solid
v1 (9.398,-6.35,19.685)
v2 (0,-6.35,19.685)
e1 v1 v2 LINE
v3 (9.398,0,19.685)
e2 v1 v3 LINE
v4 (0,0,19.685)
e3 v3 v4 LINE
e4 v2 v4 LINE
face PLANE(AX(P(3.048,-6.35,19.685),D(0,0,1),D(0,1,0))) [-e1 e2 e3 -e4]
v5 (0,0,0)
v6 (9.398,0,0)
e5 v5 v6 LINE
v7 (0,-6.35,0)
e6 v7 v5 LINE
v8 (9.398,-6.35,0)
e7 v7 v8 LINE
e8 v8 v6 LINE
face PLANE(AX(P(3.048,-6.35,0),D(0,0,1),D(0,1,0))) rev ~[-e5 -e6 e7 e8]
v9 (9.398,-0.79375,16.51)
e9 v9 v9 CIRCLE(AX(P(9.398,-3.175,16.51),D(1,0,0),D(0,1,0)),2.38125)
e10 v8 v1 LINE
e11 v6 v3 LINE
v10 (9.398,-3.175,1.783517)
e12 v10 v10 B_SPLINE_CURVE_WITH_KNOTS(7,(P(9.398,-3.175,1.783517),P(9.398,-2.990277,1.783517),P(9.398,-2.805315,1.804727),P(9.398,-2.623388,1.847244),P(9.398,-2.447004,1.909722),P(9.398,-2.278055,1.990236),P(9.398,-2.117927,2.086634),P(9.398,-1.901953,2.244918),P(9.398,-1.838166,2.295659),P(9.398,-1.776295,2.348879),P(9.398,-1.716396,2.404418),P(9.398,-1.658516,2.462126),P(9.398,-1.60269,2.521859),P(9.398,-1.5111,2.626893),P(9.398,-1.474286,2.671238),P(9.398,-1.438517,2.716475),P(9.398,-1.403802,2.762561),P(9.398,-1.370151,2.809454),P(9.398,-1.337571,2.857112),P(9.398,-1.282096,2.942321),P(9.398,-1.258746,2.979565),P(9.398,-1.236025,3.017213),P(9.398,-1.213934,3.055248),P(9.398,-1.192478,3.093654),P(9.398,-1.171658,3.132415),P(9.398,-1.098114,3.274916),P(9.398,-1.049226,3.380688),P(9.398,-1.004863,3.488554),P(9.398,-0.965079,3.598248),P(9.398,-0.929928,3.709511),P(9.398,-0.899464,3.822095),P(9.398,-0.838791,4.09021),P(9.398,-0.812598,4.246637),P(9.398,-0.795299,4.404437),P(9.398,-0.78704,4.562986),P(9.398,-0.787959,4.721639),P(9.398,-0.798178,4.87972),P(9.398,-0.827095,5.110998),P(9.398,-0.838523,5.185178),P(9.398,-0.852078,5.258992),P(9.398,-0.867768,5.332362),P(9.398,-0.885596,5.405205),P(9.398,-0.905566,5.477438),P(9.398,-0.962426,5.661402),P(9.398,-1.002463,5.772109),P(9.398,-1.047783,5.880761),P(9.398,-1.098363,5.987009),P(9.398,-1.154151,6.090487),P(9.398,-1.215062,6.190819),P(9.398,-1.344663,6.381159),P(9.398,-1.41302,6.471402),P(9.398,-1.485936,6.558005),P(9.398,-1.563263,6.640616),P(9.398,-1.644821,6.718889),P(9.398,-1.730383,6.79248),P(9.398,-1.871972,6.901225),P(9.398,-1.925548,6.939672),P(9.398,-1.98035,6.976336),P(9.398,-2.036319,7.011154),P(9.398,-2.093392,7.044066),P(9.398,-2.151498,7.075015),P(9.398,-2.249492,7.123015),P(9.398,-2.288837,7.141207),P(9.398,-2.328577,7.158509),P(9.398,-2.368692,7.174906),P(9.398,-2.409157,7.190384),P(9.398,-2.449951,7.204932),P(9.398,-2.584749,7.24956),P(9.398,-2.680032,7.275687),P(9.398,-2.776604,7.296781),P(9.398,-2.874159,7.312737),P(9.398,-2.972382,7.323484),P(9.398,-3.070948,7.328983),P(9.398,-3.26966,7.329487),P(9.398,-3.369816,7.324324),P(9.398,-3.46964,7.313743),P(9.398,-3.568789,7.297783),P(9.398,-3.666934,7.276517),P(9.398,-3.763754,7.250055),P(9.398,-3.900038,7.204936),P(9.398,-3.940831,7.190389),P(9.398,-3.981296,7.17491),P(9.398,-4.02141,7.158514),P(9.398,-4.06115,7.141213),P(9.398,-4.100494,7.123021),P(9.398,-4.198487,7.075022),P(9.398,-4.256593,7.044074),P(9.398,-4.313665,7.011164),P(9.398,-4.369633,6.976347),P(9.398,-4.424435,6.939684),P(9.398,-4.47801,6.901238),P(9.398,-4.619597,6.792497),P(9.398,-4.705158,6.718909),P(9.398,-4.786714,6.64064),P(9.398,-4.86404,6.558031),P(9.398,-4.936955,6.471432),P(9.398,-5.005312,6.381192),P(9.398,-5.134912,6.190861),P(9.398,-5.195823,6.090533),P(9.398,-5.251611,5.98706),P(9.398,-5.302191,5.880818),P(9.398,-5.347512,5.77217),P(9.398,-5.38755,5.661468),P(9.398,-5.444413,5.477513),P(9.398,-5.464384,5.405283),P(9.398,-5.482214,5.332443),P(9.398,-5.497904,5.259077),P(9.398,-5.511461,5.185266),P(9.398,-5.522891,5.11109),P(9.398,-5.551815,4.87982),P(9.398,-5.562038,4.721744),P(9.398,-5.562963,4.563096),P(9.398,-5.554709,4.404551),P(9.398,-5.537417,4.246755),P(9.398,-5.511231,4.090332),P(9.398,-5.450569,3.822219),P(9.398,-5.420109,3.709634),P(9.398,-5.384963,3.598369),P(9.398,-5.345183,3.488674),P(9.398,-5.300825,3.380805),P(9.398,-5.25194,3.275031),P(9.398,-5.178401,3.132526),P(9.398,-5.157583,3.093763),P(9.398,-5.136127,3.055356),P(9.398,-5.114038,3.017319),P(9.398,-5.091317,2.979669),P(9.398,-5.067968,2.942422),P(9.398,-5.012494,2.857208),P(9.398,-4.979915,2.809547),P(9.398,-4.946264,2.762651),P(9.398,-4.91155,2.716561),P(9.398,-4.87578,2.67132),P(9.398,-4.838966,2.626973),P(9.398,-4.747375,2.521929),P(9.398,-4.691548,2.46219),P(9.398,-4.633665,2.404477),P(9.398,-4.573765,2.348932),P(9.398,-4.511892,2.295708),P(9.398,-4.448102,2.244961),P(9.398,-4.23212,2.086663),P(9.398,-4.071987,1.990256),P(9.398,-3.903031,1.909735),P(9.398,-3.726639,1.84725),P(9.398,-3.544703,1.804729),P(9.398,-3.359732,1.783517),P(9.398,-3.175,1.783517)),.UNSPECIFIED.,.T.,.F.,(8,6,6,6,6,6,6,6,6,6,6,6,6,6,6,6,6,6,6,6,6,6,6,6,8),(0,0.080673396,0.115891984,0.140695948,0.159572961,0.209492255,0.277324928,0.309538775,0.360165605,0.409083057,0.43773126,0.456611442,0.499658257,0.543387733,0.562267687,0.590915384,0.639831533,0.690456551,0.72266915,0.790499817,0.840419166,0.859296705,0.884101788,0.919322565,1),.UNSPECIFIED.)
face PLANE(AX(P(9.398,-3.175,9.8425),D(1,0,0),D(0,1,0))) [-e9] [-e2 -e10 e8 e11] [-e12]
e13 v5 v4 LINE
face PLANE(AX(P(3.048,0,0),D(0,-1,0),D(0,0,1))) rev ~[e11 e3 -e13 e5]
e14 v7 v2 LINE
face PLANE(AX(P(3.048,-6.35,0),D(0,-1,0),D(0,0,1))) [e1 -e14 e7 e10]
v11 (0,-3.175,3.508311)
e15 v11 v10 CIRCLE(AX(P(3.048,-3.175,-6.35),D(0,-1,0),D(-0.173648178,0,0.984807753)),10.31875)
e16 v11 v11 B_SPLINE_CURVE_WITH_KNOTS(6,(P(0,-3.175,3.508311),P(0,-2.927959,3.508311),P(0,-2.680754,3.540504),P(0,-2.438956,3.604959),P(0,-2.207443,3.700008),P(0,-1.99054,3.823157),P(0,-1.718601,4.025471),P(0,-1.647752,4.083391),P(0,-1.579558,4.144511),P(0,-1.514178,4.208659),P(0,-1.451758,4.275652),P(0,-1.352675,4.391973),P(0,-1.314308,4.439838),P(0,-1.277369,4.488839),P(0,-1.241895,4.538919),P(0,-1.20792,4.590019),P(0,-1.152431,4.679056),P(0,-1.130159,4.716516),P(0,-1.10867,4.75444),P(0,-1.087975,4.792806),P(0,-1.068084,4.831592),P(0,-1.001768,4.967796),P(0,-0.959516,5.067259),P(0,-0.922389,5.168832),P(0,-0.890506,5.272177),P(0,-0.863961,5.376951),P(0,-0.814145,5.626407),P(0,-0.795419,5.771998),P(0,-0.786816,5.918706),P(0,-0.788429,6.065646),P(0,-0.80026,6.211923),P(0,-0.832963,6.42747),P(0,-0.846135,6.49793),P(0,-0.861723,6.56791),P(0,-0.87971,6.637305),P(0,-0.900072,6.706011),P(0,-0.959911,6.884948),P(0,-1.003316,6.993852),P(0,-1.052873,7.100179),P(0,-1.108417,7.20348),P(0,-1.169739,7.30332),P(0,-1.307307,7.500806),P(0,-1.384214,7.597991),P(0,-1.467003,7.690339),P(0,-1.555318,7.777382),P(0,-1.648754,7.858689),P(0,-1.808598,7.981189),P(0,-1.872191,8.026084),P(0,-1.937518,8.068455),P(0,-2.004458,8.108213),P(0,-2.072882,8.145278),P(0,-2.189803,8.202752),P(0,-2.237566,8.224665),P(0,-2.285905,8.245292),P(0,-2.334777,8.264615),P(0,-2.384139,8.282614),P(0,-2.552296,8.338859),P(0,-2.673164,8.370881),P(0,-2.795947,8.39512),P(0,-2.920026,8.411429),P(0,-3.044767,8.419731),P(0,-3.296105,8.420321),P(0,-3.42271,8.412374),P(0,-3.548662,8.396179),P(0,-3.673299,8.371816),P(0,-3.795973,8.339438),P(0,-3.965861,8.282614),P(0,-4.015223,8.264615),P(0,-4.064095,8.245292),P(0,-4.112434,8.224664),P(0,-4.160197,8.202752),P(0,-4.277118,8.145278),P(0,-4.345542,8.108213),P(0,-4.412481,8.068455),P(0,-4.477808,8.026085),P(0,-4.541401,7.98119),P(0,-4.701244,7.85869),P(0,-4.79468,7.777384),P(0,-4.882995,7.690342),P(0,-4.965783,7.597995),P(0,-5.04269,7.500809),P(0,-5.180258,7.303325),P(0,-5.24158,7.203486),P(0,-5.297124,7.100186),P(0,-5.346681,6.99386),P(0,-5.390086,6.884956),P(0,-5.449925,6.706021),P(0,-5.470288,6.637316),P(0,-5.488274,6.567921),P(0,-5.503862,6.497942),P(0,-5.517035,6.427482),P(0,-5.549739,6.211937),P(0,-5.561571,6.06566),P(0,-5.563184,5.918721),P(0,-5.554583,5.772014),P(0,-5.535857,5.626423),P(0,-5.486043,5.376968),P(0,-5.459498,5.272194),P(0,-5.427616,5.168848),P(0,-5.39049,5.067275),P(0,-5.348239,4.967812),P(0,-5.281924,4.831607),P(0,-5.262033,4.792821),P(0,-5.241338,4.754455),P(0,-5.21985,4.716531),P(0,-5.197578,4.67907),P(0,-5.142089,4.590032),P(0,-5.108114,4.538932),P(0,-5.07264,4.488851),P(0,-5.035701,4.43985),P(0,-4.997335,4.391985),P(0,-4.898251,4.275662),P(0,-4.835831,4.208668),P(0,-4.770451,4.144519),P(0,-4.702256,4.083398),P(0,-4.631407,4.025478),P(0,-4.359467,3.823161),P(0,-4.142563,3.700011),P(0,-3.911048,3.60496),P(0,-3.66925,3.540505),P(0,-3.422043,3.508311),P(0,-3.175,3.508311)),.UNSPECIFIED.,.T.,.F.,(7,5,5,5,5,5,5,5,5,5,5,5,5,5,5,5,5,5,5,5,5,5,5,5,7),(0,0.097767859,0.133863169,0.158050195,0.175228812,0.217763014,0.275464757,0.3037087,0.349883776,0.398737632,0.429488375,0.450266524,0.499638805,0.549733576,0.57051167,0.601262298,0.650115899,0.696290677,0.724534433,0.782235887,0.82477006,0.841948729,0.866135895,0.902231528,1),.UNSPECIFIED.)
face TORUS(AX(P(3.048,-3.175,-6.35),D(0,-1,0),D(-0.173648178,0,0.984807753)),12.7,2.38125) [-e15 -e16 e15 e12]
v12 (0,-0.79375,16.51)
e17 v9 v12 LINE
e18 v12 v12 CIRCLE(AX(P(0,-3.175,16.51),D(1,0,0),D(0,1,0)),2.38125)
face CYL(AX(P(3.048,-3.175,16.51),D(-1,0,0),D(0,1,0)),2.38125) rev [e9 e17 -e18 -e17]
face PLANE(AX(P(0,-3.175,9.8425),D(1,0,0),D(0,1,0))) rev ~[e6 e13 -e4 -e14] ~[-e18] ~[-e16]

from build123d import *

# Parameters (mm, degrees)
F0_W           = 6.35
F0_H           = 19.685
F0_R           = 2.38125
F1_DEPTH       = 3.048
F3_ANGLE_START = 10
F3_ANGLE       = 349
F4_W           = 6.35
F4_H           = 19.685
F4_R           = 2.38125
F5_DEPTH       = 6.35


with BuildPart() as f1:
    # F0 (on Right) → F1 (new body)
    with BuildSketch(Plane.YZ):
        with Locations((-3.175, 9.8425)):
            Rectangle(F0_W, F0_H)
        with Locations((-3.175, 16.51)):
            Circle(F0_R, mode=Mode.SUBTRACT)
    extrude(amount=F1_DEPTH)

    # F2 (on face) → F3 (revolve)
    with BuildSketch(Plane.YZ.offset(3.048), mode=Mode.PRIVATE) as f3_sk:
        with BuildLine():
            ThreePointArc((-0.79375, 6.35), (-4.8587980227, 8.0337980227), (-3.175, 3.96875))
            ThreePointArc((-3.175, 3.96875), (-1.4912019773, 4.6662019773), (-0.79375, 6.35))
        make_face()
    revolve(f3_sk.sketch.rotate(Axis((3.048, -5.2748635836, -6.35), (0, -1, 0)), F3_ANGLE_START), axis=Axis((3.048, -5.2748635836, -6.35), (0, -1, 0)), revolution_arc=F3_ANGLE)

    # F4 (on face) → F5 (join)
    with BuildSketch(Plane.YZ.offset(3.048)):
        with Locations((-3.175, 9.8425)):
            Rectangle(F4_W, F4_H)
        with Locations((-3.175, 16.51)):
            Circle(F4_R, mode=Mode.SUBTRACT)
    extrude(amount=F5_DEPTH)


solid = f1.part
